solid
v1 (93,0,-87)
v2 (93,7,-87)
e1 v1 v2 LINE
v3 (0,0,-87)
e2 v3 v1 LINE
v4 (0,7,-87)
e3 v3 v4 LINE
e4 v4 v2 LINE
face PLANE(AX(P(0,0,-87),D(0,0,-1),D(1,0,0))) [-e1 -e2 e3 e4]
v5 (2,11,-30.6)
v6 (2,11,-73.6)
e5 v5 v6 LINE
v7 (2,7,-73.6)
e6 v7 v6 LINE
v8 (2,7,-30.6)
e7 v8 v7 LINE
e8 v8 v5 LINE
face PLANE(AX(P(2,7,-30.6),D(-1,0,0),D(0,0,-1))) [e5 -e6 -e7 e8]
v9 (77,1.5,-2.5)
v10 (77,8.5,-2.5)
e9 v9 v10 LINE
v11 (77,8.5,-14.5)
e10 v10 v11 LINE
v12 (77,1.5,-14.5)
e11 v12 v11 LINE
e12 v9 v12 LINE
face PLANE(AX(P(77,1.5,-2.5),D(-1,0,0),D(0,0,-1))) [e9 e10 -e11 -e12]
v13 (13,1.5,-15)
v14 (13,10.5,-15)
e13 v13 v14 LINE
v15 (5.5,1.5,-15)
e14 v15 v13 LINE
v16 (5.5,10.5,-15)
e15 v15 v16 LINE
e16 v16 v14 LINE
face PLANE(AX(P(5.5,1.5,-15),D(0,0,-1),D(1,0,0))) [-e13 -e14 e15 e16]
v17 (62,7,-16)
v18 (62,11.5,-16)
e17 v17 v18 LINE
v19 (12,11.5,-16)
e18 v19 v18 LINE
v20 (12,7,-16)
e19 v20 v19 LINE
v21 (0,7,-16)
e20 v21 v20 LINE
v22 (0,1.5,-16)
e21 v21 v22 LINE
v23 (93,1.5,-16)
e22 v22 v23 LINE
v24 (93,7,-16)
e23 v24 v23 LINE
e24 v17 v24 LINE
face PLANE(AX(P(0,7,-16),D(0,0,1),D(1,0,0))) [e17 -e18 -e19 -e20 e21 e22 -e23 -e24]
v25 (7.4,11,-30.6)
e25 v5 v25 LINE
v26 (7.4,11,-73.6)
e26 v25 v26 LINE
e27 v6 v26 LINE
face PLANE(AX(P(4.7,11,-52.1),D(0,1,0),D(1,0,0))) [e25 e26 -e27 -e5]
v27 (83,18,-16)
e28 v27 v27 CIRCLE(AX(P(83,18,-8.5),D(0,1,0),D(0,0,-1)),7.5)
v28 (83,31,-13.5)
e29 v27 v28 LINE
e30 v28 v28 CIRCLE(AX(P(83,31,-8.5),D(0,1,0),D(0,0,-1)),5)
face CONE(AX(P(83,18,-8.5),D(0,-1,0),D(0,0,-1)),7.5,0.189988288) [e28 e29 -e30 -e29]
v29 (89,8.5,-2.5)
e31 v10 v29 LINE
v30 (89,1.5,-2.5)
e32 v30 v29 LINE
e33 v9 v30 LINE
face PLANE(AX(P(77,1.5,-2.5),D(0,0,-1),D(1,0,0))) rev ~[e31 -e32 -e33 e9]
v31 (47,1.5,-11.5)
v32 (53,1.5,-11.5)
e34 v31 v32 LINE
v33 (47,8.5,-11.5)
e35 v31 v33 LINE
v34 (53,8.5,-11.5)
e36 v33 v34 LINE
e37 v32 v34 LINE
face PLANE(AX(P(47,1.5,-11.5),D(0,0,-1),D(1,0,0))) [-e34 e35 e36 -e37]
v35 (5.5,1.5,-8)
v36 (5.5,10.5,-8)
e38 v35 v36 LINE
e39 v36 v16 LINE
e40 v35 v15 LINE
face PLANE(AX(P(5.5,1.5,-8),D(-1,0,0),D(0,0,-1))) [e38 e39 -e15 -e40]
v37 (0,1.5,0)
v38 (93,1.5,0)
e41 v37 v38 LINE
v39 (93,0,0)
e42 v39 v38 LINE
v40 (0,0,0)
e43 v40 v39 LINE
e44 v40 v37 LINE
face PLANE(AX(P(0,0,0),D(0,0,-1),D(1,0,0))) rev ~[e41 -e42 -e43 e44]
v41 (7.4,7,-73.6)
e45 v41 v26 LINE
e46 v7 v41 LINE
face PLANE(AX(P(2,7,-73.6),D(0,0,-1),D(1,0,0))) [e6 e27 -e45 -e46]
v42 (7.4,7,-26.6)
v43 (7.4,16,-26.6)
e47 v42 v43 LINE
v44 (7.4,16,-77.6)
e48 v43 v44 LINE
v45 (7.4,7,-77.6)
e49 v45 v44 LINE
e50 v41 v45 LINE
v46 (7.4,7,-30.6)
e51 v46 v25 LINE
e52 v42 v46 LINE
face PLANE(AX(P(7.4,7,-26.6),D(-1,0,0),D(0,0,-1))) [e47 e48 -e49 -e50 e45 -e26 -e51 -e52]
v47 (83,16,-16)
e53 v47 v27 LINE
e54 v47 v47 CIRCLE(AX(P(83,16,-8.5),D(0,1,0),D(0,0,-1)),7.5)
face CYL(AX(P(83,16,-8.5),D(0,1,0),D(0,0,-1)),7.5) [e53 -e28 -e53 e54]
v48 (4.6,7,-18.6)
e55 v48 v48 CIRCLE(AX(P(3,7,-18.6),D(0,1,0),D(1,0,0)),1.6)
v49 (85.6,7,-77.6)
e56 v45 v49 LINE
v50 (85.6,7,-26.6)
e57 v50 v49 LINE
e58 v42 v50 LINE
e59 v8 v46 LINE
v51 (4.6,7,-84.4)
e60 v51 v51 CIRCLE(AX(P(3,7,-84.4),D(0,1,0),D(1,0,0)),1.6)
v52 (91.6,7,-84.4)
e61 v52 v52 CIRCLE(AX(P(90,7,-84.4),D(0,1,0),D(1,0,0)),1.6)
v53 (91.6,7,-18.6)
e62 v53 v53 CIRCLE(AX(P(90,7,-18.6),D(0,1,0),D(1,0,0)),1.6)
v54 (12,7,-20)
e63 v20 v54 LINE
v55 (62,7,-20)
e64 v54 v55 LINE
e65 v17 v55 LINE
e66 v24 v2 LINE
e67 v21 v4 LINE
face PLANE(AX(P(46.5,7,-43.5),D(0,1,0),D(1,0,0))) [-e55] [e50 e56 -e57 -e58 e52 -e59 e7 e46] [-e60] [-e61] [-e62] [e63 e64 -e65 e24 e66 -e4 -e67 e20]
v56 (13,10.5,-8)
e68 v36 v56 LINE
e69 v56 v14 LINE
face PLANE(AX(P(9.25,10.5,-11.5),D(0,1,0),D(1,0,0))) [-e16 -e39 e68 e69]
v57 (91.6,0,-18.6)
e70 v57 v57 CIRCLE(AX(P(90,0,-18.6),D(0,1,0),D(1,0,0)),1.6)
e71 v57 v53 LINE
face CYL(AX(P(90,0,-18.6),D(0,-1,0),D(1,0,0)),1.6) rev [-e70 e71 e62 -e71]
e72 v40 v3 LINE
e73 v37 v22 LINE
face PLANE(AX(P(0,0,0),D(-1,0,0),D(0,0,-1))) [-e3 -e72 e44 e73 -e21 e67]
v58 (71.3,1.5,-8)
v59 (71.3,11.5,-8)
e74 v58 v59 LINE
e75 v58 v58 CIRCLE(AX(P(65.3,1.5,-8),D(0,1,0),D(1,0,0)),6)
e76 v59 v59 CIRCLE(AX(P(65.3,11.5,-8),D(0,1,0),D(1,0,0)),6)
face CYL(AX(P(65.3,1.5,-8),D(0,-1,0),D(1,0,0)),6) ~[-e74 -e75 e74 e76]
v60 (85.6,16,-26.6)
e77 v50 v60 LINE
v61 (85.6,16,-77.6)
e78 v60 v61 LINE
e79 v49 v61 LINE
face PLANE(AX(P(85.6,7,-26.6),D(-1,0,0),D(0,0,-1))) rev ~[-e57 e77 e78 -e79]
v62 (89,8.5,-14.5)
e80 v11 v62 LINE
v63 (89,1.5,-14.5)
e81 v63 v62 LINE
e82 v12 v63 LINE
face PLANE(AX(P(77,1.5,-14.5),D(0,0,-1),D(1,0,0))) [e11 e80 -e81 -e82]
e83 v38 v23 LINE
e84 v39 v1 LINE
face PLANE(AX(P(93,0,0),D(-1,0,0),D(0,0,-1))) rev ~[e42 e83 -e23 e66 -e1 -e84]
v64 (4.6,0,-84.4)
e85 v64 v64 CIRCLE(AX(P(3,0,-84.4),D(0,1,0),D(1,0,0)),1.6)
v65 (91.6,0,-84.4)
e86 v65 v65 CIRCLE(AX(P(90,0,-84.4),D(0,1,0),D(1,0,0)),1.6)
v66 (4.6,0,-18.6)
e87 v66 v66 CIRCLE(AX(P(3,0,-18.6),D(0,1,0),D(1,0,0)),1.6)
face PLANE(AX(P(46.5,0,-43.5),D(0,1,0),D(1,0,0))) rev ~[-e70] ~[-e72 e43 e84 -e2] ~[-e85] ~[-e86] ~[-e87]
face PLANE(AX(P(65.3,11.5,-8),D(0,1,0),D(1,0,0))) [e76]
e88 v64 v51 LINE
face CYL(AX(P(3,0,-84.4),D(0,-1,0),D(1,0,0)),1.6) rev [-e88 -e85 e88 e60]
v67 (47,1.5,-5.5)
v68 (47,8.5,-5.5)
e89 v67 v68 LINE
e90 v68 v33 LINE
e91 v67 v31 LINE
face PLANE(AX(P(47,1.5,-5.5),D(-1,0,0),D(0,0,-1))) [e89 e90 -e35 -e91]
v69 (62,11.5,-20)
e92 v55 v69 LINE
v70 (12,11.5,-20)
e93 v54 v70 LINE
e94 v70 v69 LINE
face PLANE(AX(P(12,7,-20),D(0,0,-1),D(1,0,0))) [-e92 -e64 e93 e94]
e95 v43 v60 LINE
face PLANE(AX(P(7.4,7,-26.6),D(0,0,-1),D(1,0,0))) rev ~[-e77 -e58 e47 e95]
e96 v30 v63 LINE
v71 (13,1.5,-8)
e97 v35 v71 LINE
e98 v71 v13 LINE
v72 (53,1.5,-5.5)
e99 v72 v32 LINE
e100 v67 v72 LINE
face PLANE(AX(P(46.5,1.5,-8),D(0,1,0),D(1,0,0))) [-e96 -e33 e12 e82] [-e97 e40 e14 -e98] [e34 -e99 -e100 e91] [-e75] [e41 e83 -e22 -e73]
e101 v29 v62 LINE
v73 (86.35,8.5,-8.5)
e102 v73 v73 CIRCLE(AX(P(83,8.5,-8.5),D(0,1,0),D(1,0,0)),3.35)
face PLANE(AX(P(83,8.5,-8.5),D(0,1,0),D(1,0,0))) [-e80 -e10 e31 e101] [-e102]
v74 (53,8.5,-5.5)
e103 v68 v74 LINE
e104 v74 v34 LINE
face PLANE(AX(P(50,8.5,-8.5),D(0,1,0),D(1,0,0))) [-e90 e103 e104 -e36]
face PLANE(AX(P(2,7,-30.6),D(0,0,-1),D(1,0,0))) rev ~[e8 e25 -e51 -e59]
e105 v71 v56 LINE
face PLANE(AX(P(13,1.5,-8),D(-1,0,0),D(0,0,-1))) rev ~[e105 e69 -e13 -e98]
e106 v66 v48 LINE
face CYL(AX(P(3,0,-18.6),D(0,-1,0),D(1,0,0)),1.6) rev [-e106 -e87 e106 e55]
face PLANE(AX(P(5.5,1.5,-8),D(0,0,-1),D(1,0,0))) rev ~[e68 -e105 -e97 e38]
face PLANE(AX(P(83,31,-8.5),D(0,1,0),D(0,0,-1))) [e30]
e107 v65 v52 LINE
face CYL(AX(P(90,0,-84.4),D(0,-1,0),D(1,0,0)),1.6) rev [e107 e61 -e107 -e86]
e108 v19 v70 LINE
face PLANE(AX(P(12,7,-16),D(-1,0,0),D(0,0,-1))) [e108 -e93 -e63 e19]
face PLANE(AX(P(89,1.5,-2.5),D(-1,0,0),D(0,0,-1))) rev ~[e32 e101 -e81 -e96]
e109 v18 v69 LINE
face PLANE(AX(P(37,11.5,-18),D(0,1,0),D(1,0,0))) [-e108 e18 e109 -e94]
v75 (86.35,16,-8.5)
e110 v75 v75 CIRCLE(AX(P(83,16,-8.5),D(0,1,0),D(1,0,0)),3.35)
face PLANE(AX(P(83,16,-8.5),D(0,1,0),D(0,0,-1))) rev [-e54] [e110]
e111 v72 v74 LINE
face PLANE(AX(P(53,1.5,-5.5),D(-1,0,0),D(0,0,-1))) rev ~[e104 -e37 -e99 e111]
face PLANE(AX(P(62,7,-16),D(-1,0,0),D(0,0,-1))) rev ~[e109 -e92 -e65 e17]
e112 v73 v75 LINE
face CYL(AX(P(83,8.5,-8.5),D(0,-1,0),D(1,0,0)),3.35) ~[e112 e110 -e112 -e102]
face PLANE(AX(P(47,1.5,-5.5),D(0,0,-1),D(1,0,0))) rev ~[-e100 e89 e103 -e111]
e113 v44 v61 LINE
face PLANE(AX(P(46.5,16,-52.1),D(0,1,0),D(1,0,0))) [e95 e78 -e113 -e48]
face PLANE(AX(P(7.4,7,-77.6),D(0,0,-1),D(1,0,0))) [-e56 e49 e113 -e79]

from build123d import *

# Parameters (mm, degrees)
SKETCH_1_W          = 93
SKETCH_1_H          = 87
SKETCH_1_R          = 1.6
EXTRUDE_1_DEPTH     = 7
SKETCH_3_W          = 93
SKETCH_3_H          = 16
CUT_EXTRUDE_1_DEPTH = 5.5
SKETCH_4_W          = 78.2
SKETCH_4_H          = 51
EXTRUDE_2_DEPTH     = 9
SKETCH_5_W          = 12
SKETCH_5_H          = 12
EXTRUDE_3_DEPTH     = 7
SKETCH_6_R          = 3.35
EXTRUDE_4_DEPTH     = 7.5
SKETCH1_W           = 5.4
SKETCH1_H           = 43
BOSS_EXTRUDE1_DEPTH = 4
SKETCH2_R           = 6
BOSS_EXTRUDE2_DEPTH = 10
SKETCH3_W           = 50
SKETCH3_H           = 4
BOSS_EXTRUDE3_DEPTH = 4.5
SKETCH4_W           = 7.5
SKETCH4_H           = 7
BOSS_EXTRUDE4_DEPTH = 9
SKETCH5_W           = 6
SKETCH5_H           = 6
BOSS_EXTRUDE5_DEPTH = 7


with BuildPart() as part:
    # Эскиз1 → Бобышка-Вытянуть1 (new body)
    with BuildSketch(Plane(origin=(0, 0, 0), x_dir=(1, 0, 0), z_dir=(0, 1, 0))):
        with Locations((46.5, 43.5)):
            Rectangle(SKETCH_1_W, SKETCH_1_H)
        with Locations((3, 84.4)):
            Circle(SKETCH_1_R, mode=Mode.SUBTRACT)
        with Locations((90, 84.4)):
            Circle(SKETCH_1_R, mode=Mode.SUBTRACT)
        with Locations((90, 18.6)):
            Circle(SKETCH_1_R, mode=Mode.SUBTRACT)
        with Locations((3, 18.6)):
            Circle(SKETCH_1_R, mode=Mode.SUBTRACT)
    extrude(amount=EXTRUDE_1_DEPTH)

    # Эскиз3 → Вырез-Вытянуть1 (cut)
    with BuildSketch(Plane(origin=(0, 7, 0), x_dir=(1, 0, 0), z_dir=(0, 1, 0))):
        with Locations((46.5, 8)):
            Rectangle(SKETCH_3_W, SKETCH_3_H)
    extrude(amount=-CUT_EXTRUDE_1_DEPTH, mode=Mode.SUBTRACT)

    # Эскиз4 → Бобышка-Вытянуть2 (add)
    with BuildSketch(Plane(origin=(0, 7, 0), x_dir=(1, 0, 0), z_dir=(0, 1, 0))):
        with Locations((46.5, 52.1)):
            Rectangle(SKETCH_4_W, SKETCH_4_H)
    extrude(amount=EXTRUDE_2_DEPTH)

    # Эскиз5 → Бобышка-Вытянуть3 (add)
    with BuildSketch(Plane(origin=(0, 1.5, 0), x_dir=(1, 0, 0), z_dir=(0, 1, 0))):
        with Locations((83, 8.5)):
            Rectangle(SKETCH_5_W, SKETCH_5_H)
    extrude(amount=EXTRUDE_3_DEPTH)

    # Эскиз6 → Бобышка-Вытянуть4 (add)
    with BuildSketch(Plane(origin=(0, 8.5, 0), x_dir=(1, 0, 0), z_dir=(0, 1, 0))):
        with Locations((83, 8.5)):
            Circle(SKETCH_6_R)
    extrude(amount=EXTRUDE_4_DEPTH)

    # Sketch1 → Boss-Extrude1 (add)
    with BuildSketch(Plane(origin=(0, 7, 0), x_dir=(1, 0, 0), z_dir=(0, 1, 0))):
        with Locations((4.7, 52.1)):
            Rectangle(SKETCH1_W, SKETCH1_H)
    extrude(amount=BOSS_EXTRUDE1_DEPTH)

    # Эскиз9 → Revolve1 (revolve)
    with BuildSketch(Plane.ZY.offset(-83)):
        Polygon((-8.5, 16), (-16, 16), (-16, 18), (-13.5, 31), (-8.5, 31), align=None)
    revolve(axis=Axis((83, 16, -8.5), (0, 1, 0)))

    # Sketch2 → Boss-Extrude2 (add)
    with BuildSketch(Plane(origin=(0, 1.5, 0), x_dir=(1, 0, 0), z_dir=(0, 1, 0))):
        with Locations((65.3, 8)):
            Circle(SKETCH2_R)
    extrude(amount=BOSS_EXTRUDE2_DEPTH)

    # Sketch3 → Boss-Extrude3 (add)
    with BuildSketch(Plane(origin=(0, 7, 0), x_dir=(1, 0, 0), z_dir=(0, 1, 0))):
        with Locations((37, 18)):
            Rectangle(SKETCH3_W, SKETCH3_H)
    extrude(amount=BOSS_EXTRUDE3_DEPTH)

    # Sketch4 → Boss-Extrude4 (add)
    with BuildSketch(Plane(origin=(0, 1.5, 0), x_dir=(1, 0, 0), z_dir=(0, 1, 0))):
        with Locations((9.25, 11.5)):
            Rectangle(SKETCH4_W, SKETCH4_H)
    extrude(amount=BOSS_EXTRUDE4_DEPTH)

    # Sketch5 → Boss-Extrude5 (add)
    with BuildSketch(Plane(origin=(0, 1.5, 0), x_dir=(1, 0, 0), z_dir=(0, 1, 0))):
        with Locations((50, 8.5)):
            Rectangle(SKETCH5_W, SKETCH5_H)
    extrude(amount=BOSS_EXTRUDE5_DEPTH)


solid = part.part
